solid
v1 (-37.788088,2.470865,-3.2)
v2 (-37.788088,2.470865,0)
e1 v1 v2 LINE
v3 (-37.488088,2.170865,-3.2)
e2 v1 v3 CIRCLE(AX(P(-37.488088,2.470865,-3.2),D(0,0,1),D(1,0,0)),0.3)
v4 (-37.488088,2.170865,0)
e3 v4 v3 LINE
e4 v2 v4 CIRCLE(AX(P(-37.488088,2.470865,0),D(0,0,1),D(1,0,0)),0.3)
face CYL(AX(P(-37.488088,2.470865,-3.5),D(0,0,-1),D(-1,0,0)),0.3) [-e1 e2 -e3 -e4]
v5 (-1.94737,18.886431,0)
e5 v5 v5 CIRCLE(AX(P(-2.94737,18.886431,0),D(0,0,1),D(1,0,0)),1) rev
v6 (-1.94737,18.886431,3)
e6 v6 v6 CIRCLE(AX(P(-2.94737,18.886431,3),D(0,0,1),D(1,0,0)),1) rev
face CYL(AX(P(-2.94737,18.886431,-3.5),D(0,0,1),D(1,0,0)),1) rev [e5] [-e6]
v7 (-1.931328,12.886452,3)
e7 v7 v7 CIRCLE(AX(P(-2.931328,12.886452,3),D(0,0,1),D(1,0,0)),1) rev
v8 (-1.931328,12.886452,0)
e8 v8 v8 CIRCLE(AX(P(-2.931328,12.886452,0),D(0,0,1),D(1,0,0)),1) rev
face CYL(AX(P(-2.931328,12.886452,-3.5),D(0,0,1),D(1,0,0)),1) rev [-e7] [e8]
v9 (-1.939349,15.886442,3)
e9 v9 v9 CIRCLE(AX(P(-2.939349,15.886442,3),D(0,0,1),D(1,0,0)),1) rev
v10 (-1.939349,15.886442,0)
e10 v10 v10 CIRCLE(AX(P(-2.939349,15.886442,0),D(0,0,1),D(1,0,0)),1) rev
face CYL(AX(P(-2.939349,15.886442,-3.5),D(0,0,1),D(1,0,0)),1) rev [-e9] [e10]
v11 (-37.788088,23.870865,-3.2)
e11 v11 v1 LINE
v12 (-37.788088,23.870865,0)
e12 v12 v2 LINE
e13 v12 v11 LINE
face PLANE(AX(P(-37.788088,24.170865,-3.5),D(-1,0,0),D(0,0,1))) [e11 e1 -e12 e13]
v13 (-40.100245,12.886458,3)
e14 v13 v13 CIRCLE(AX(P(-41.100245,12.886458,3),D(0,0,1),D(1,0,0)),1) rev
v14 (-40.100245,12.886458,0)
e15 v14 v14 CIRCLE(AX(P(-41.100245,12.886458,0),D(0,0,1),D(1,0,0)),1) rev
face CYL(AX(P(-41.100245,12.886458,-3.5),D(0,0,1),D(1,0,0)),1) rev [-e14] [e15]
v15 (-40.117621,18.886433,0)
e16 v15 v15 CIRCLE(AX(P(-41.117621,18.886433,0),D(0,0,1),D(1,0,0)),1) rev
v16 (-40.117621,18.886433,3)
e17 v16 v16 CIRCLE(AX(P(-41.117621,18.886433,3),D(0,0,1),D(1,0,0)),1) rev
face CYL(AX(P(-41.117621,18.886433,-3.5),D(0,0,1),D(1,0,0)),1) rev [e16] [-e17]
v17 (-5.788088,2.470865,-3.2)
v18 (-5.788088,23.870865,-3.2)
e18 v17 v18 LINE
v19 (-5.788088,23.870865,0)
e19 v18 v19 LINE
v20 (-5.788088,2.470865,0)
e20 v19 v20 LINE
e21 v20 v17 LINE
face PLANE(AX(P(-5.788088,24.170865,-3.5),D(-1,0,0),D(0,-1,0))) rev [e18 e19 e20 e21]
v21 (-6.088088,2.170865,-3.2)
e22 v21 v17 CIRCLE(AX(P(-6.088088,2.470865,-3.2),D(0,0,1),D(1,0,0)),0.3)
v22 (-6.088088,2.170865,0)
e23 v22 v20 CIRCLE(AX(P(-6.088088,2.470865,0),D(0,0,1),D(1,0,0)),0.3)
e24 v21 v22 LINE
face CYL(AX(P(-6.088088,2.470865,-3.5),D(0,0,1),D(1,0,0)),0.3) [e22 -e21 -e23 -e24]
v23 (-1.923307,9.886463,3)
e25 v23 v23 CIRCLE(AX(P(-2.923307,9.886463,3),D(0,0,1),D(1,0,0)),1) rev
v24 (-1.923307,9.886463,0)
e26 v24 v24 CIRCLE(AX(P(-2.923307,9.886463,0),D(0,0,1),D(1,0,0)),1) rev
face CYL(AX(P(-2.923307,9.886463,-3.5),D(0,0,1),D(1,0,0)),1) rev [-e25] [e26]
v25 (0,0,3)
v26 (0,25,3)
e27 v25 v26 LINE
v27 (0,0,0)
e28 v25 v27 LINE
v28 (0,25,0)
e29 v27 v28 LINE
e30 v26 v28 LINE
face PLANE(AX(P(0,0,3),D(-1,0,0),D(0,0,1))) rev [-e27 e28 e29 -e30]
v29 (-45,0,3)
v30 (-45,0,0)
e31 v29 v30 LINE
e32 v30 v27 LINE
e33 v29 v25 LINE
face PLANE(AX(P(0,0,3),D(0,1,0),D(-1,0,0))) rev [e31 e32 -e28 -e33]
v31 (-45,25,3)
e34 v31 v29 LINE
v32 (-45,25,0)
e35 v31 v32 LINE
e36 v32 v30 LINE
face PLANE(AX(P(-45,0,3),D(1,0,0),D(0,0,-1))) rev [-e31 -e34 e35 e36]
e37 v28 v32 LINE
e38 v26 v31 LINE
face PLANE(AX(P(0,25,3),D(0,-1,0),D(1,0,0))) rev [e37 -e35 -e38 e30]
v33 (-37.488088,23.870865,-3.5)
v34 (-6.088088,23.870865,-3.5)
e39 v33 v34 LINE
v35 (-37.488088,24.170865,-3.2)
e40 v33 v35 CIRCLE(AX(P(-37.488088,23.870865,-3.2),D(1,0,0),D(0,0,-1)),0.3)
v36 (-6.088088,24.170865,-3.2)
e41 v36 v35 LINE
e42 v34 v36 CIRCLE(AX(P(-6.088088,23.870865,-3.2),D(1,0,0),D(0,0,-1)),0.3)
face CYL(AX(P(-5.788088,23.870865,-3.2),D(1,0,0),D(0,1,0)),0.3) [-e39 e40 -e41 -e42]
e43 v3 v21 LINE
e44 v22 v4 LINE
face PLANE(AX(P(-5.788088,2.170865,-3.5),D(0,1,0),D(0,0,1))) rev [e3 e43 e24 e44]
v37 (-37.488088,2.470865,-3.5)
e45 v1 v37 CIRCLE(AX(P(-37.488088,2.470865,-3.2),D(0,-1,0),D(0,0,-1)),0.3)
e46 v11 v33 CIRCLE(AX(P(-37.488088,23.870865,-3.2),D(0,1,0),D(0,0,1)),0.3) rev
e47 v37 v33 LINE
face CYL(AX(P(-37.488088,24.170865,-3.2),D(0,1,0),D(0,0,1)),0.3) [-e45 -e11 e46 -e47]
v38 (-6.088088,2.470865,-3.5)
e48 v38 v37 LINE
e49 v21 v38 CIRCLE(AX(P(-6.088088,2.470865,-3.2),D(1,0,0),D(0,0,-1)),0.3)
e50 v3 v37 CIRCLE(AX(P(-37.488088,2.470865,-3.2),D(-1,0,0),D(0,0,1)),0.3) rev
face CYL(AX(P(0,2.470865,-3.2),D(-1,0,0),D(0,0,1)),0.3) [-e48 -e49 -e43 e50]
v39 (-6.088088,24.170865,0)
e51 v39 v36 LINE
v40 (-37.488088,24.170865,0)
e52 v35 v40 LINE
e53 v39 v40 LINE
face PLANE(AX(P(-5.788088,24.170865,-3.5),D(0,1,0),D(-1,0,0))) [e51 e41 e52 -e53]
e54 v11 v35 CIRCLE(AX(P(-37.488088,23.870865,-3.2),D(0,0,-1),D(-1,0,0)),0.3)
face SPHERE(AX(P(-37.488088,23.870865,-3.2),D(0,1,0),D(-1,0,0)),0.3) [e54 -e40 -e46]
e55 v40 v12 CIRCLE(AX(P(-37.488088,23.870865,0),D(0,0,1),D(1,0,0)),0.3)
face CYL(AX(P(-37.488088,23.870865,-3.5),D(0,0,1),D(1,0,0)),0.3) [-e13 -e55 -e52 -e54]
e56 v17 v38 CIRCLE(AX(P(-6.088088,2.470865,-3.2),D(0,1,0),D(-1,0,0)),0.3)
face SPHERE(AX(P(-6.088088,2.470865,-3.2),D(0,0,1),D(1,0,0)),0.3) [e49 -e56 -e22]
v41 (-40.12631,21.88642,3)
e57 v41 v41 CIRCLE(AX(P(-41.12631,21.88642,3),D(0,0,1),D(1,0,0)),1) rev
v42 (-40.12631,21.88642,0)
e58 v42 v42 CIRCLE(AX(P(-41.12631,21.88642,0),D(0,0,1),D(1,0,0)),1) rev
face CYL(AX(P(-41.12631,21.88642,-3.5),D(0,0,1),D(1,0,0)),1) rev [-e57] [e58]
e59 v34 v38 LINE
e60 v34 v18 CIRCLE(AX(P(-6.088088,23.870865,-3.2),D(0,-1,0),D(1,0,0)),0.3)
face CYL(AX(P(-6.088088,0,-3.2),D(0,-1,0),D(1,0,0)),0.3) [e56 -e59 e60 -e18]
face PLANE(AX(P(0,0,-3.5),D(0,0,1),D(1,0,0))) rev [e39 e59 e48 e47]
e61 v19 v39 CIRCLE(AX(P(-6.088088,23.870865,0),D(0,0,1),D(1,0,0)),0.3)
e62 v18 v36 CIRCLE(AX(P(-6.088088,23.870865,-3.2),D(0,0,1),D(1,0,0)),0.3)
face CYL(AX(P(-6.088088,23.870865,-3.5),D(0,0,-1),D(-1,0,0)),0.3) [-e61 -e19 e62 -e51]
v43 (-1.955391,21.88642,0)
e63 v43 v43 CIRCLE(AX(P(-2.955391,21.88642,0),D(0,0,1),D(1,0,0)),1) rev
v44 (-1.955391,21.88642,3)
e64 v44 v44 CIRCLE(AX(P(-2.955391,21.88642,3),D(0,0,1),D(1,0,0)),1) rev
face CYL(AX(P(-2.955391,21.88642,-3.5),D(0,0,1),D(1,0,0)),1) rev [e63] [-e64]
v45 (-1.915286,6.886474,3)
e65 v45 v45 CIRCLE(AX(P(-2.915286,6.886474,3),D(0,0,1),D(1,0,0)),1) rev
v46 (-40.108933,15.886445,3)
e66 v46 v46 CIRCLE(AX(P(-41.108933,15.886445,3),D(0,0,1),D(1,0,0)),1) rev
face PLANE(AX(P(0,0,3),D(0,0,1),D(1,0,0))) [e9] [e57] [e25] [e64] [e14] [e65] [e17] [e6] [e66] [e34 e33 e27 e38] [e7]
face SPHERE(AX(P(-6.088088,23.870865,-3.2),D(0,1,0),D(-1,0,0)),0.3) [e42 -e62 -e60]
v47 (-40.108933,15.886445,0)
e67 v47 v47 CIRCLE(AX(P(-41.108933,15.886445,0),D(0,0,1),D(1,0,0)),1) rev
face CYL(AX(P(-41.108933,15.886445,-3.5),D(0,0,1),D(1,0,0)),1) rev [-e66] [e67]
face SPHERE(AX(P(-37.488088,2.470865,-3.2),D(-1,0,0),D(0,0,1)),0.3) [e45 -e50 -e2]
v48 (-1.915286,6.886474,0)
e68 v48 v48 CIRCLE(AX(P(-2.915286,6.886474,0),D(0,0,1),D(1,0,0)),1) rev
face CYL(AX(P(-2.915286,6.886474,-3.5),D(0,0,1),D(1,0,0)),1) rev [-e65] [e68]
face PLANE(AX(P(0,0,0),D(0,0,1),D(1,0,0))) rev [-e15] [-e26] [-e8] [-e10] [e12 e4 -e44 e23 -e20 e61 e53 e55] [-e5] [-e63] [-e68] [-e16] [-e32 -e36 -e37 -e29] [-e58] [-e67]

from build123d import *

# Parameters (mm, degrees)
SKETCH1_W               = 45
SKETCH1_H               = 25
BOSS_EXTRUDE1_DEPTH     = 3
SKETCH2_W               = 32
SKETCH2_H               = 22
BOSS_EXTRUDE2_DEPTH     = 3.5
FILLET2_R               = 0.3
FILLET3_R               = 0.3
FILLET4_R               = 0.3
FILLET5_R               = 0.3
CUT_EXTRUDE4_DEPTH      = 52.596996037
CUT_EXTRUDE4_DEPTH_BACK = 7.5
SKETCH3_R               = 1


with BuildPart() as part:
    # Sketch1 → Boss-Extrude1 (new body)
    with BuildSketch(Plane.XY):
        with Locations((-22.5, 12.5)):
            Rectangle(SKETCH1_W, SKETCH1_H)
    extrude(amount=BOSS_EXTRUDE1_DEPTH)

    # Sketch2 → Boss-Extrude2 (add)
    with BuildSketch(Plane.XY):
        with Locations((-21.788087931, 13.170864642)):
            Rectangle(SKETCH2_W, SKETCH2_H)
    extrude(amount=-BOSS_EXTRUDE2_DEPTH)

    # Fillet2
    fillet2_edges = [part.edges().sort_by_distance(p)[0] for p in [
        (-5.788087931, 2.170864642, -1.75),
    ]]
    fillet(fillet2_edges, radius=FILLET2_R)

    # Fillet3
    fillet3_edges = [part.edges().sort_by_distance(p)[0] for p in [
        (-5.788087931, 13.320864642, -3.5),
        (-21.938087931, 2.170864642, -3.5),
        (-5.875955896, 2.258732607, -3.5),
    ]]
    fillet(fillet3_edges, radius=FILLET3_R)

    # Fillet4
    fillet4_edges = [part.edges().sort_by_distance(p)[0] for p in [
        (-37.788087931, 13.320864642, -3.5),
        (-37.788087931, 2.170864642, -1.6),
        (-37.788087931, 2.258732607, -3.412132034),
    ]]
    fillet(fillet4_edges, radius=FILLET4_R)

    # Fillet5
    fillet5_edges = [part.edges().sort_by_distance(p)[0] for p in [
        (-21.788087931, 24.170864642, -3.5),
        (-5.788087931, 24.170864642, -1.6),
        (-5.875955896, 24.170864642, -3.412132034),
        (-37.788087931, 24.170864642, -1.6),
        (-37.700219965, 24.170864642, -3.412132034),
    ]]
    fillet(fillet5_edges, radius=FILLET5_R)

    # Sketch3 → Cut-Extrude4 (cut, two sides: drawn at the far end of the back side and taken through both)
    with BuildSketch(Plane(origin=(0, 0, 0), x_dir=(-1, 0, 0), z_dir=(0, 0, -1)).offset(-CUT_EXTRUDE4_DEPTH_BACK)):
        with Locations(Location((41.126309662, 21.886420327, 0), (0, 0, 180))):
            Circle(SKETCH3_R)
        with Locations(Location((2.955391169, 21.886420327, 0), (0, 0, 180))):
            Circle(SKETCH3_R)
        with Locations(Location((41.117621493, 18.886432907, 0), (0, 0, 180))):
            Circle(SKETCH3_R)
        with Locations(Location((41.108933323, 15.886445488, 0), (0, 0, 180))):
            Circle(SKETCH3_R)
        with Locations(Location((41.100245154, 12.886458069, 0), (0, 0, 180))):
            Circle(SKETCH3_R)
        with Locations(Location((2.947370185, 18.886431049, 0), (0, 0, 180))):
            Circle(SKETCH3_R)
        with Locations(Location((2.939349201, 15.886441772, 0), (0, 0, 180))):
            Circle(SKETCH3_R)
        with Locations(Location((2.931328218, 12.886452495, 0), (0, 0, 180))):
            Circle(SKETCH3_R)
        with Locations(Location((2.923307234, 9.886463217, 0), (0, 0, 180))):
            Circle(SKETCH3_R)
        with Locations(Location((2.91528625, 6.88647394, 0), (0, 0, 180))):
            Circle(SKETCH3_R)
    extrude(amount=CUT_EXTRUDE4_DEPTH + CUT_EXTRUDE4_DEPTH_BACK, mode=Mode.SUBTRACT)


solid = part.part
